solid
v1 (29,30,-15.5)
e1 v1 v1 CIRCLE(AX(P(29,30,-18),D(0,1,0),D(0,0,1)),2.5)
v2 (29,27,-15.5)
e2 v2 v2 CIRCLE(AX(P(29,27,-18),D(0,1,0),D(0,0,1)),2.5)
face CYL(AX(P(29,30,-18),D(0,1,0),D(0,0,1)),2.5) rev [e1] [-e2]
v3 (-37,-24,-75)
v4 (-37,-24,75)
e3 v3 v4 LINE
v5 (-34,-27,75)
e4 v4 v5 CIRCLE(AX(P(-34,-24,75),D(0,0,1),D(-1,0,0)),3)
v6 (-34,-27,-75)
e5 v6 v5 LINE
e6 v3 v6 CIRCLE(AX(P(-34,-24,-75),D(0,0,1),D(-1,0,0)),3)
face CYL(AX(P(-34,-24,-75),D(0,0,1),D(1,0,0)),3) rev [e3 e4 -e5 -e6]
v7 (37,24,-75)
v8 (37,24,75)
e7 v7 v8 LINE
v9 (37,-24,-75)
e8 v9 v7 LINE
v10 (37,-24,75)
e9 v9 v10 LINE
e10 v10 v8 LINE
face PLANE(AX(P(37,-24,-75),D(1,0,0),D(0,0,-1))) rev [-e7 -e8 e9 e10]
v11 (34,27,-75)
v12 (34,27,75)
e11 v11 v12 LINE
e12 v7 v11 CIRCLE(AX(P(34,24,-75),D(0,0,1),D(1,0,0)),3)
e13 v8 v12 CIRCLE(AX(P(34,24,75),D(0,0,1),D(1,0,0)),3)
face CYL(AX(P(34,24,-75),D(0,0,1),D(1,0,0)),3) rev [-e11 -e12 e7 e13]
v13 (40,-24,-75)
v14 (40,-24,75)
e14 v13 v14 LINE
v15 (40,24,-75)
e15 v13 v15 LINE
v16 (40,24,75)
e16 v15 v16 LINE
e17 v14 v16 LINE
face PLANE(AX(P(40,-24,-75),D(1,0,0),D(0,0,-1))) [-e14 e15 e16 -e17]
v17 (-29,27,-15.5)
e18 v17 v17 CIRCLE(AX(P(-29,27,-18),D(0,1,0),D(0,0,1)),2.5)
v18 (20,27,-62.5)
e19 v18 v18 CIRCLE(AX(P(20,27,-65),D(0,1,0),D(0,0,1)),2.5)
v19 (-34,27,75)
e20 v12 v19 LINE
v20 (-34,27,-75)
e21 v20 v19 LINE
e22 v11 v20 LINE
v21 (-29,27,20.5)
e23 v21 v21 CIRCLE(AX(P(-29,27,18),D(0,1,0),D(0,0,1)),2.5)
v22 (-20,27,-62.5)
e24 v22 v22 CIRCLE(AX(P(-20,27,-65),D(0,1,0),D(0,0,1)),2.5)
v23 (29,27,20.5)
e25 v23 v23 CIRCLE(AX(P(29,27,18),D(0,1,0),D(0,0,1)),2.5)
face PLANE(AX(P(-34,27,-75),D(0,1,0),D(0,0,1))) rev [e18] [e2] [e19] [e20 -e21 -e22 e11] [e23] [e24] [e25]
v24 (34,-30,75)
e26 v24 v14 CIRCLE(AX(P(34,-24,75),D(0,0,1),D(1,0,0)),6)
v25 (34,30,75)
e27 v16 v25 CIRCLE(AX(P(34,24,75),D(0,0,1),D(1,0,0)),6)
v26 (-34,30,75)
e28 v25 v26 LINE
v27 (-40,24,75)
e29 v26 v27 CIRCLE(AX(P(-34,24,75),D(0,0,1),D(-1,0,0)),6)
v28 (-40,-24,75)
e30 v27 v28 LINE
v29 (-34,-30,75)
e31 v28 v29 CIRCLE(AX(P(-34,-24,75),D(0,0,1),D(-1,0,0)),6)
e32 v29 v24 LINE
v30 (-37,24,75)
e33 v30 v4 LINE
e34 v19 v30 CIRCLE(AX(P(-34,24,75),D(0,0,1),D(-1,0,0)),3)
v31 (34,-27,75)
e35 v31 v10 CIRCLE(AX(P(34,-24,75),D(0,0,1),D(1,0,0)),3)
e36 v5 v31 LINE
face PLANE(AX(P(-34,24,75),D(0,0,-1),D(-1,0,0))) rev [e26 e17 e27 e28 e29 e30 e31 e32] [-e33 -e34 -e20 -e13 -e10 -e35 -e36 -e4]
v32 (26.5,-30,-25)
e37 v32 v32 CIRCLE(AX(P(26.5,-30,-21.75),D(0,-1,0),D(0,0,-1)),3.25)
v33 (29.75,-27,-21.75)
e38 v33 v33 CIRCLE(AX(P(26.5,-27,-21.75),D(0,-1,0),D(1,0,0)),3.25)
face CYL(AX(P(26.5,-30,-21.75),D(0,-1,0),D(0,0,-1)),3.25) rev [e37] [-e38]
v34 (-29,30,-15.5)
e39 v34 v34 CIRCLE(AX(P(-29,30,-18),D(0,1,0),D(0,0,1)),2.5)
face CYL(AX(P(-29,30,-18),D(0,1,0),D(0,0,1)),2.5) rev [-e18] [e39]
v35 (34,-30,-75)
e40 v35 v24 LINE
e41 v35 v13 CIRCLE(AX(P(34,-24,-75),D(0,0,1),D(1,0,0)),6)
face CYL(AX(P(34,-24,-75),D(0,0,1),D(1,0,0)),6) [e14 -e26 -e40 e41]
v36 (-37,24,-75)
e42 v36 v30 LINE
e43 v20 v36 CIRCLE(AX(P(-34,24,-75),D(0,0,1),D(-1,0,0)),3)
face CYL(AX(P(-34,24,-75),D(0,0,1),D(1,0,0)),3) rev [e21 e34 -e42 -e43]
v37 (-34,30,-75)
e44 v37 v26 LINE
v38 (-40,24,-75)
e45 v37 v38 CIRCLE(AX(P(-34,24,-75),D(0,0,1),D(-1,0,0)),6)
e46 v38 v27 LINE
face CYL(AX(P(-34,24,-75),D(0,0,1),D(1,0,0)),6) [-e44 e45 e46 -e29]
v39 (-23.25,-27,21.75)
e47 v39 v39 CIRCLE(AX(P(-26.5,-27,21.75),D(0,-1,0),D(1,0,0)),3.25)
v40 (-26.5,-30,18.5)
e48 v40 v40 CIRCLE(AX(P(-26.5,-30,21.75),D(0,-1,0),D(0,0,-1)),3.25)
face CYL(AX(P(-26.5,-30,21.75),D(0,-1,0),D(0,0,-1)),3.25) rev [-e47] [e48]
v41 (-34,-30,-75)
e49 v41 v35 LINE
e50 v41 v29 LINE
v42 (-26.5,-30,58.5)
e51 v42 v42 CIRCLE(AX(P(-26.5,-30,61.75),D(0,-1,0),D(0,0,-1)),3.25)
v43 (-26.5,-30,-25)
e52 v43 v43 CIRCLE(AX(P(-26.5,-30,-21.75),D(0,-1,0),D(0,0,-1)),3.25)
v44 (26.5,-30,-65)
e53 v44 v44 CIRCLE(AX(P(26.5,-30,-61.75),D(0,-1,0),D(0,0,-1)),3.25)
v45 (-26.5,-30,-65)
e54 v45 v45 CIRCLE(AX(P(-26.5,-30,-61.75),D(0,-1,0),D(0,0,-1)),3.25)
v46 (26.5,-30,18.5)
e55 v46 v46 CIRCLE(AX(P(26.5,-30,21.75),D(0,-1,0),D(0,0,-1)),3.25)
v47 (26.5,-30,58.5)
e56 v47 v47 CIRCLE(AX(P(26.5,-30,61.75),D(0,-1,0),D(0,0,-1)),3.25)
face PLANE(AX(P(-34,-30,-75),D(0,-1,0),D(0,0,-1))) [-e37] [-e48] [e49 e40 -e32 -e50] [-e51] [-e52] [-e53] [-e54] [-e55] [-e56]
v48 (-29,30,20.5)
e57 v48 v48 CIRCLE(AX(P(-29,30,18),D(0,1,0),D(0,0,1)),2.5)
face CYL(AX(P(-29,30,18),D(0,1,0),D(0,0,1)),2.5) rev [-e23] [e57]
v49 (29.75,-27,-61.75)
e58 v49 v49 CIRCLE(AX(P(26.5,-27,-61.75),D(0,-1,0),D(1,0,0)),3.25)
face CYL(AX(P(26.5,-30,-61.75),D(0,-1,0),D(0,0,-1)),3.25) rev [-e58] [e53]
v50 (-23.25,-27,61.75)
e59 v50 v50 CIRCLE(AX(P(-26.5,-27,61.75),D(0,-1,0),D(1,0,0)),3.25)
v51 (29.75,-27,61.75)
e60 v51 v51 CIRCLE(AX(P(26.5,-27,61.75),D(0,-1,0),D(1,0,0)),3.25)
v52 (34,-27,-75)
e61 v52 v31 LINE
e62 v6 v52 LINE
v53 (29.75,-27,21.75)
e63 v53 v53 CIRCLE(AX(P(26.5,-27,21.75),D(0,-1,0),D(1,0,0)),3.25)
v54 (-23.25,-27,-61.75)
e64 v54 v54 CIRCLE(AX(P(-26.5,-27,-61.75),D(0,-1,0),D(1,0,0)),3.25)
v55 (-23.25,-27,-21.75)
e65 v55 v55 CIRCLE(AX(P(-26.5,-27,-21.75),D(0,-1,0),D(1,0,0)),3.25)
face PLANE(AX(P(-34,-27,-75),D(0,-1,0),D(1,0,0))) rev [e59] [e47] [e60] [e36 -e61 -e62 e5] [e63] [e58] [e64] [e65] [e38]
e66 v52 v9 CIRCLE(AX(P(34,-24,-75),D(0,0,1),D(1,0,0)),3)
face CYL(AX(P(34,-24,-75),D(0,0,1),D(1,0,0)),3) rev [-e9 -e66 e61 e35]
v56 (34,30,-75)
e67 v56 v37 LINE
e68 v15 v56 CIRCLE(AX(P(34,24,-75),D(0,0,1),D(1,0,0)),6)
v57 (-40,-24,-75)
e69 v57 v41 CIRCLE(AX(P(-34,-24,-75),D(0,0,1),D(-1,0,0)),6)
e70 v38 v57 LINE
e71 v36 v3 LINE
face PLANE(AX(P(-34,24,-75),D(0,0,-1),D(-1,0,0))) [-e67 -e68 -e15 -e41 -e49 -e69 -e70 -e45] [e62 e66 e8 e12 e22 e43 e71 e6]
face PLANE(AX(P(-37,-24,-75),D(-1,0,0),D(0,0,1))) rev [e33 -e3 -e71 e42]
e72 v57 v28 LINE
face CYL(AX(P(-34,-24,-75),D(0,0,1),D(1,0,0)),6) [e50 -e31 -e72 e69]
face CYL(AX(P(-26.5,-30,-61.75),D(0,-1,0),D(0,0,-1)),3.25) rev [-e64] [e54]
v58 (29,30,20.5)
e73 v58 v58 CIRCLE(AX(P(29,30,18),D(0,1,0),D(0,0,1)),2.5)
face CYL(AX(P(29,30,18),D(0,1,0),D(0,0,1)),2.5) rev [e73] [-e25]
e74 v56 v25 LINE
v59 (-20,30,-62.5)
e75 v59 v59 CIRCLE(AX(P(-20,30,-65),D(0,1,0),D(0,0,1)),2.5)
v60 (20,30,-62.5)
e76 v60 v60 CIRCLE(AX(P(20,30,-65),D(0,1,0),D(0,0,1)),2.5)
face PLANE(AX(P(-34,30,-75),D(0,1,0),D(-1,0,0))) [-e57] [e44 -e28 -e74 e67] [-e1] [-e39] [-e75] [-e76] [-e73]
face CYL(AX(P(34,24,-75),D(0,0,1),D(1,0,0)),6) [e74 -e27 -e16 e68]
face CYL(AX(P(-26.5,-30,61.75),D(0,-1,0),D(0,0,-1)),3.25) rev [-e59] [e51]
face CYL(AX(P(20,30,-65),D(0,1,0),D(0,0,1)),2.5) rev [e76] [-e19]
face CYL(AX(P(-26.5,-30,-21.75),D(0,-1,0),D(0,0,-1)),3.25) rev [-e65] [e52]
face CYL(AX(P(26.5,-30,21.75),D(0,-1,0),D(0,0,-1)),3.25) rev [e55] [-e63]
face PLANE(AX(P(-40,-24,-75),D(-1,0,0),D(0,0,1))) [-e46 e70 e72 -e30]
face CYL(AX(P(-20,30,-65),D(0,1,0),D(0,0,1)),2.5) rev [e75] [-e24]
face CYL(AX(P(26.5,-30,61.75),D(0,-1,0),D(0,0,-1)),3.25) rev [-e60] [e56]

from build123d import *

# Parameters (mm, degrees)
BOSS_EXTRUDE1_DEPTH             = 75
BOSS_EXTRUDE1_DEPTH_BACK        = 75
F_6_5_6_5_DIAMETER_HOLE1_D      = 6.5
F_6_5_6_5_DIAMETER_HOLE1_DEPTH  = 3
TAP_DRILL_FOR_M6X1_0_TAP1_D     = 5
TAP_DRILL_FOR_M6X1_0_TAP1_DEPTH = 3


with BuildPart() as part:
    # Sketch1 → Boss-Extrude1 (new, two sides: drawn at the far end of the back side and taken through both)
    with BuildSketch(Plane.XY.offset(-BOSS_EXTRUDE1_DEPTH_BACK)):
        with BuildLine():
            Line((-34, -30), (34, -30))
            ThreePointArc((34, -30), (38.242640687, -28.242640687), (40, -24))
            Line((40, -24), (40, 24))
            ThreePointArc((40, 24), (38.242640687, 28.242640687), (34, 30))
            Line((34, 30), (-34, 30))
            ThreePointArc((-34, 30), (-38.242640687, 28.242640687), (-40, 24))
            Line((-40, 24), (-40, -24))
            ThreePointArc((-40, -24), (-38.242640687, -28.242640687), (-34, -30))
        make_face()
        with BuildLine():
            Line((-34, 27), (34, 27))
            ThreePointArc((34, 27), (36.121320344, 26.121320344), (37, 24))
            Line((37, 24), (37, -24))
            ThreePointArc((37, -24), (36.121320344, -26.121320344), (34, -27))
            Line((34, -27), (-34, -27))
            ThreePointArc((-34, -27), (-36.121320344, -26.121320344), (-37, -24))
            Line((-37, -24), (-37, 24))
            ThreePointArc((-37, 24), (-36.121320344, 26.121320344), (-34, 27))
        make_face(mode=Mode.SUBTRACT)
    extrude(amount=BOSS_EXTRUDE1_DEPTH + BOSS_EXTRUDE1_DEPTH_BACK)

    # Ø6.5 (6.5) Diameter Hole1
    with Locations(Plane(origin=(-26.5, -30, 61.75), x_dir=(0, 0, -1), z_dir=(0, -1, 0))):
        with Locations((0, 0), (0, 53), (40, 53), (40, 0), (83.5, 0), (83.5, 53), (123.5, 53), (123.5, 0)):
            Hole(F_6_5_6_5_DIAMETER_HOLE1_D / 2, depth=F_6_5_6_5_DIAMETER_HOLE1_DEPTH)

    # Tap Drill for M6x1.0 Tap1
    with Locations(Plane(origin=(29.000000001, 30, -18), x_dir=(1, 0, 0), z_dir=(0, 1, 0))):
        with Locations((0, 0), (0, -36), (-58, -36), (-58, 0), (-49, 47), (-9, 47)):
            Hole(TAP_DRILL_FOR_M6X1_0_TAP1_D / 2, depth=TAP_DRILL_FOR_M6X1_0_TAP1_DEPTH)


solid = part.part
